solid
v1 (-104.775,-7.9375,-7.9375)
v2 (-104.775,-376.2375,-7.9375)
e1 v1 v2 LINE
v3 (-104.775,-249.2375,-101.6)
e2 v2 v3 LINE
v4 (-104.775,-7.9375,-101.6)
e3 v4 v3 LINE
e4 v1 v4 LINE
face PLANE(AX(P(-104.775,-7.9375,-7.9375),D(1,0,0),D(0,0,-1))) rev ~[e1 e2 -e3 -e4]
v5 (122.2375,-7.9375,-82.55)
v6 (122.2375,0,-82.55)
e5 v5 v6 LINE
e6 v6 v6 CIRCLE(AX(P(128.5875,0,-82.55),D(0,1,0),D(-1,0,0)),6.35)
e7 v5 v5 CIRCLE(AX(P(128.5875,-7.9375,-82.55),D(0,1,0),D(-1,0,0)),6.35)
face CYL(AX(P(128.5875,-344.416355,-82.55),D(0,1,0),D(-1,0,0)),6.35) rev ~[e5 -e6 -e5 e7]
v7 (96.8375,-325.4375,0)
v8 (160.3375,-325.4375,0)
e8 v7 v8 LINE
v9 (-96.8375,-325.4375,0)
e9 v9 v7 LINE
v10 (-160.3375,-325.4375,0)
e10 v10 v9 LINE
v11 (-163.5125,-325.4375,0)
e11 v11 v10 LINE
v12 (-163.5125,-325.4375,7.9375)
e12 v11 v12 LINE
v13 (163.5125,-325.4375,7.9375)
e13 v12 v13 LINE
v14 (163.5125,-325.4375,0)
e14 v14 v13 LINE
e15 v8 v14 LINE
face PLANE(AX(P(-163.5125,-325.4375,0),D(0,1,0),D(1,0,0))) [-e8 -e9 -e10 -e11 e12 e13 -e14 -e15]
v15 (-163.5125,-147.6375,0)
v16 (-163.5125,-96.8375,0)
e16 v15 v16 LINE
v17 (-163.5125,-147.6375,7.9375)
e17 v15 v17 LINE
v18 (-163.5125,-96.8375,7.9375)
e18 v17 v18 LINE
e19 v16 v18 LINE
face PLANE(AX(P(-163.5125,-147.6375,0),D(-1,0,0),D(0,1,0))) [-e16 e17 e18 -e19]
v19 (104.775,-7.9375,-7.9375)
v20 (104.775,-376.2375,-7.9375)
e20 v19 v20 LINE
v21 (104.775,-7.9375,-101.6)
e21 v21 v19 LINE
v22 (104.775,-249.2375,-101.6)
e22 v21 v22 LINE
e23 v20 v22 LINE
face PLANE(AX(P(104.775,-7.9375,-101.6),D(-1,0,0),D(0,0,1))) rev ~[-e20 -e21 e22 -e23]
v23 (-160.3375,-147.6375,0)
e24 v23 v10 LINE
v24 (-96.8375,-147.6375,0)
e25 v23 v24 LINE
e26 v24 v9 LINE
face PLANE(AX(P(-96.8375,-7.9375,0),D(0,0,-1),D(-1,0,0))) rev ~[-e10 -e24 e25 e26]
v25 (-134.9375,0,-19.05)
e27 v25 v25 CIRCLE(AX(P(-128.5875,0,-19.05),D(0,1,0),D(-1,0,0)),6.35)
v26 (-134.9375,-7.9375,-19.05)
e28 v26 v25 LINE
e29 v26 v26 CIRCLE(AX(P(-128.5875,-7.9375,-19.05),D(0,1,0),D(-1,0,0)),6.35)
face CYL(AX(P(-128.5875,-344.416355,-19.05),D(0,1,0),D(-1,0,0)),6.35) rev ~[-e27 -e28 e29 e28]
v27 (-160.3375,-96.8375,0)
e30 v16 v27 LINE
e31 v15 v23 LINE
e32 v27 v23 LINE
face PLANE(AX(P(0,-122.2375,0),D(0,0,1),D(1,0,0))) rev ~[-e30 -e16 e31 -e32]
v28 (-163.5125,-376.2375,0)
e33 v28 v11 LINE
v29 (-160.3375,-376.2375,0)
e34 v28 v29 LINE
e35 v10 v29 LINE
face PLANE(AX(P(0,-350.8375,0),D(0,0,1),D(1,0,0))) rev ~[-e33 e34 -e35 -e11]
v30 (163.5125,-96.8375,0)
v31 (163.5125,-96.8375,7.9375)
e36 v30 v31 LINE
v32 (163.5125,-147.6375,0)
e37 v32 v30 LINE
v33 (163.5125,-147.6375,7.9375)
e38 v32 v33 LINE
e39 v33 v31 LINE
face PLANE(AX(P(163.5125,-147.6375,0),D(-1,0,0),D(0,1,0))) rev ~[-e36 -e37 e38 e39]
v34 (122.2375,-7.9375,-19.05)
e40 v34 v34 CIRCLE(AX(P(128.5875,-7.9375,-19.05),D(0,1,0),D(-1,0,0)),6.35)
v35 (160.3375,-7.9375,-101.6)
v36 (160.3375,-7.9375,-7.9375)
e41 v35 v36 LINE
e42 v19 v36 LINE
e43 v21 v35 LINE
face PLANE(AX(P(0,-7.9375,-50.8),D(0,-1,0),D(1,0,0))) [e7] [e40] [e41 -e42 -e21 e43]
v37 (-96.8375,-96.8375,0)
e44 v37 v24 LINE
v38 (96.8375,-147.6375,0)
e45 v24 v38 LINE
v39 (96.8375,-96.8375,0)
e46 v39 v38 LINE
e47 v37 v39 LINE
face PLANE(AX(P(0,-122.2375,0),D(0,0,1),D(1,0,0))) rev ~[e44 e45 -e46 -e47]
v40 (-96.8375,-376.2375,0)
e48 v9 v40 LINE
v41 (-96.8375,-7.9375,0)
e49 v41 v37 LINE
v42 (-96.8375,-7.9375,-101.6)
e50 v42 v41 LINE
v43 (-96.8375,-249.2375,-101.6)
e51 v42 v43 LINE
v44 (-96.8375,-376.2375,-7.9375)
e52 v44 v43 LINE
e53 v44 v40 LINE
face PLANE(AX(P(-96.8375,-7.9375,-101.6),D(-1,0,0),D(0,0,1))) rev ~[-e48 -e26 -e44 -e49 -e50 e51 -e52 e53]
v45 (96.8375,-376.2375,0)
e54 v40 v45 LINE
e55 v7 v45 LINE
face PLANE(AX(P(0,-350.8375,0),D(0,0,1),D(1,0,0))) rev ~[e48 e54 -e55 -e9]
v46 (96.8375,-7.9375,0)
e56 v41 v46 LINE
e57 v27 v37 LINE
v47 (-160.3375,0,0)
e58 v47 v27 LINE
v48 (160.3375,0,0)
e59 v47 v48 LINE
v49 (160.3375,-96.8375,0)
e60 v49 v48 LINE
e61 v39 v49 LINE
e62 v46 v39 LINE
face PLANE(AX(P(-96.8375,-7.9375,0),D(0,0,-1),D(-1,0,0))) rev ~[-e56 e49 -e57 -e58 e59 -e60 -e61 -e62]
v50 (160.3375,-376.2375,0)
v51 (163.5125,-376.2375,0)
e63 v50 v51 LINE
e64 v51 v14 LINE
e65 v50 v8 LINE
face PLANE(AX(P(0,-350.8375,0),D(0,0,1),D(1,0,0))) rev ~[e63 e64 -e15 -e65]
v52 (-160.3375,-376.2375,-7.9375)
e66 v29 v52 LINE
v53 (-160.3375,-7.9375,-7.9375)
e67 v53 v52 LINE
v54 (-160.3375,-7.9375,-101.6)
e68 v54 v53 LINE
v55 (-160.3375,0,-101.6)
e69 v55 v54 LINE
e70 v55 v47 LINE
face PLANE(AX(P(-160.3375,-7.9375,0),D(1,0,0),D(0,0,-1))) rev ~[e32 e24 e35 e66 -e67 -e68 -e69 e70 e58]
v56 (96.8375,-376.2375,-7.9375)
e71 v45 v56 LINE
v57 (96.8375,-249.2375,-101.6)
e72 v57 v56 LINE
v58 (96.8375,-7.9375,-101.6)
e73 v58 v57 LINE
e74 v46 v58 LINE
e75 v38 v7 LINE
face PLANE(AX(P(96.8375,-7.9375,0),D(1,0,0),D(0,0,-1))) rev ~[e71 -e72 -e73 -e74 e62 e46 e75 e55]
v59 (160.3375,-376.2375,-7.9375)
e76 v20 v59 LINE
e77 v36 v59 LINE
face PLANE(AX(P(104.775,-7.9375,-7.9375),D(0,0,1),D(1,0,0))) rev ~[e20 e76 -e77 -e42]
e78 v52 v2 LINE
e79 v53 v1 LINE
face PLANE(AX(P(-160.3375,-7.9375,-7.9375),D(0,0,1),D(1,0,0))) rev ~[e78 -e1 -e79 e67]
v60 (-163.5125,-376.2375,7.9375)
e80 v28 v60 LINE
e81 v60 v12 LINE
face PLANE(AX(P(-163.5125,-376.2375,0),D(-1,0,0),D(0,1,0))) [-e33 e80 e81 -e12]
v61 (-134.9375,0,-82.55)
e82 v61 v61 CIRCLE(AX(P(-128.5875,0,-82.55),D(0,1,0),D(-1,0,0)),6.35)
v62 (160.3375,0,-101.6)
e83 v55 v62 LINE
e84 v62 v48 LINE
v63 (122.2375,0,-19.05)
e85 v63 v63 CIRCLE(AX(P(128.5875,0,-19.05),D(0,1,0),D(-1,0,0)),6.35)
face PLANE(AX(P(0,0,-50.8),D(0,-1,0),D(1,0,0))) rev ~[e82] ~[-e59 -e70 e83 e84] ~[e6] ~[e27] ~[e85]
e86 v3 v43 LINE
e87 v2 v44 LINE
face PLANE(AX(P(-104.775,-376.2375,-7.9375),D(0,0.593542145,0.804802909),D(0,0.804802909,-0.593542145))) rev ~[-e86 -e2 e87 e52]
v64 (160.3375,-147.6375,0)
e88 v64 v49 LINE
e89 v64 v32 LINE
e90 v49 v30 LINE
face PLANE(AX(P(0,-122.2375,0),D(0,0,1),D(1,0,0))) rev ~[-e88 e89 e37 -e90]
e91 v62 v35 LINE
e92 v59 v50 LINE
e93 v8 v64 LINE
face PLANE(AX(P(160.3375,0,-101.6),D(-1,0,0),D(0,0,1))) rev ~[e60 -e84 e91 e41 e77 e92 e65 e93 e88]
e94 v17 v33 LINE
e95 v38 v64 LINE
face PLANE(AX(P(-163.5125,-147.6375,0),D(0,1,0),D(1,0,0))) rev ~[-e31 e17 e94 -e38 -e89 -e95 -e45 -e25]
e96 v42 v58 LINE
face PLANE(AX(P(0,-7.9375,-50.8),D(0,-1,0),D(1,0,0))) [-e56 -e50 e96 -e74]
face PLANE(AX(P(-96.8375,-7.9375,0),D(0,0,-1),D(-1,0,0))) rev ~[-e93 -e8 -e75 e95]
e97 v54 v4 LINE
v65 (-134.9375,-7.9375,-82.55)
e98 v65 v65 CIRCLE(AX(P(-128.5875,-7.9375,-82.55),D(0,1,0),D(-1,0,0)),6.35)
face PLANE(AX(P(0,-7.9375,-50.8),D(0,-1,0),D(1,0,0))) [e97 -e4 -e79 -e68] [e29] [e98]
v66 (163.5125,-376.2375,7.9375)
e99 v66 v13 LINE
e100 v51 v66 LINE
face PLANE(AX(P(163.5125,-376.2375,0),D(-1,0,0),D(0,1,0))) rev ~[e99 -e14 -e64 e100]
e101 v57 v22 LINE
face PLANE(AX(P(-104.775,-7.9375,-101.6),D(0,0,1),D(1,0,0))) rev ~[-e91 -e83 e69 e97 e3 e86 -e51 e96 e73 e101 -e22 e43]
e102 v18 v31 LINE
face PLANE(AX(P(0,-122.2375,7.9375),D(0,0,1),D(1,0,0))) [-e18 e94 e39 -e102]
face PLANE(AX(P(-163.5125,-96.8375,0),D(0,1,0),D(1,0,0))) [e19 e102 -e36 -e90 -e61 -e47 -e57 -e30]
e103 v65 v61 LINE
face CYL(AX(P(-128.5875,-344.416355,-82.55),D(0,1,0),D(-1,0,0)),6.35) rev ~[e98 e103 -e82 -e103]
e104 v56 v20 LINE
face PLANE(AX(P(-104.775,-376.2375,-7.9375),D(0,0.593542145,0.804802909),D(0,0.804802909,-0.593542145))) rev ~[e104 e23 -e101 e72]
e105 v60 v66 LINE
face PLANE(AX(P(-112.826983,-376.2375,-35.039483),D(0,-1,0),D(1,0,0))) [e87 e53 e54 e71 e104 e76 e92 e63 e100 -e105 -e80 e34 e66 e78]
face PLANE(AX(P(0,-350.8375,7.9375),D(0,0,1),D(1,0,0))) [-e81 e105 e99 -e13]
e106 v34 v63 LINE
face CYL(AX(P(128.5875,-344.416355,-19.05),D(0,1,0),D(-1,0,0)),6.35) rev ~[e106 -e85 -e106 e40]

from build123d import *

# Parameters (mm, degrees)
F0_W     = 320.675
F0_H     = 101.6
F1_DEPTH = 7.9375
F3_D     = 12.7
F5_DEPTH = 368.3
F7_DEPTH = 265.1135
F8_W     = 327.025
F8_H     = 50.8
F9_DEPTH = 7.9375


with BuildPart() as f1:
    # F0 (on Front) → F1 (new body)
    with BuildSketch(Plane.XZ):
        with Locations((0, -50.8)):
            Rectangle(F0_W, F0_H)
    extrude(amount=F1_DEPTH)

    # F3 (through all)
    with Locations(Plane.XZ.offset(7.9375)):
        with Locations((-128.5875, -19.05), (128.5875, -19.05), (128.5875, -82.55), (-128.5875, -82.55)):
            Hole(F3_D / 2)

    # F4 (on face) → F5 (join)
    with BuildSketch(Plane.XZ.offset(7.9375)):
        Polygon((-96.8375, 0), (-160.3375, 0), (-160.3375, -7.9375), (-104.775, -7.9375), (-104.775, -101.6), (-96.8375, -101.6), align=None)
        Polygon((160.3375, 0), (96.8375, 0), (96.8375, -101.6), (104.775, -101.6), (104.775, -7.9375), (160.3375, -7.9375), align=None)
    extrude(amount=F5_DEPTH)

    # F6 (on face) → F7 (cut, through all)
    with BuildSketch(Plane(origin=(-104.775, 0, 0), x_dir=(0, -1, 0), z_dir=(-1, 0, 0))):
        Polygon((376.2375, -101.6), (376.2375, -7.9375), (249.2375, -101.6), align=None)
    extrude(amount=-F7_DEPTH, mode=Mode.SUBTRACT)

    # F8 (on face) → F9 (join)
    with BuildSketch(Plane.XY):
        with Locations((0, -122.2375)):
            Rectangle(F8_W, F8_H)
        with Locations((0, -350.8375)):
            Rectangle(F8_W, F8_H)
    extrude(amount=F9_DEPTH)


solid = f1.part
